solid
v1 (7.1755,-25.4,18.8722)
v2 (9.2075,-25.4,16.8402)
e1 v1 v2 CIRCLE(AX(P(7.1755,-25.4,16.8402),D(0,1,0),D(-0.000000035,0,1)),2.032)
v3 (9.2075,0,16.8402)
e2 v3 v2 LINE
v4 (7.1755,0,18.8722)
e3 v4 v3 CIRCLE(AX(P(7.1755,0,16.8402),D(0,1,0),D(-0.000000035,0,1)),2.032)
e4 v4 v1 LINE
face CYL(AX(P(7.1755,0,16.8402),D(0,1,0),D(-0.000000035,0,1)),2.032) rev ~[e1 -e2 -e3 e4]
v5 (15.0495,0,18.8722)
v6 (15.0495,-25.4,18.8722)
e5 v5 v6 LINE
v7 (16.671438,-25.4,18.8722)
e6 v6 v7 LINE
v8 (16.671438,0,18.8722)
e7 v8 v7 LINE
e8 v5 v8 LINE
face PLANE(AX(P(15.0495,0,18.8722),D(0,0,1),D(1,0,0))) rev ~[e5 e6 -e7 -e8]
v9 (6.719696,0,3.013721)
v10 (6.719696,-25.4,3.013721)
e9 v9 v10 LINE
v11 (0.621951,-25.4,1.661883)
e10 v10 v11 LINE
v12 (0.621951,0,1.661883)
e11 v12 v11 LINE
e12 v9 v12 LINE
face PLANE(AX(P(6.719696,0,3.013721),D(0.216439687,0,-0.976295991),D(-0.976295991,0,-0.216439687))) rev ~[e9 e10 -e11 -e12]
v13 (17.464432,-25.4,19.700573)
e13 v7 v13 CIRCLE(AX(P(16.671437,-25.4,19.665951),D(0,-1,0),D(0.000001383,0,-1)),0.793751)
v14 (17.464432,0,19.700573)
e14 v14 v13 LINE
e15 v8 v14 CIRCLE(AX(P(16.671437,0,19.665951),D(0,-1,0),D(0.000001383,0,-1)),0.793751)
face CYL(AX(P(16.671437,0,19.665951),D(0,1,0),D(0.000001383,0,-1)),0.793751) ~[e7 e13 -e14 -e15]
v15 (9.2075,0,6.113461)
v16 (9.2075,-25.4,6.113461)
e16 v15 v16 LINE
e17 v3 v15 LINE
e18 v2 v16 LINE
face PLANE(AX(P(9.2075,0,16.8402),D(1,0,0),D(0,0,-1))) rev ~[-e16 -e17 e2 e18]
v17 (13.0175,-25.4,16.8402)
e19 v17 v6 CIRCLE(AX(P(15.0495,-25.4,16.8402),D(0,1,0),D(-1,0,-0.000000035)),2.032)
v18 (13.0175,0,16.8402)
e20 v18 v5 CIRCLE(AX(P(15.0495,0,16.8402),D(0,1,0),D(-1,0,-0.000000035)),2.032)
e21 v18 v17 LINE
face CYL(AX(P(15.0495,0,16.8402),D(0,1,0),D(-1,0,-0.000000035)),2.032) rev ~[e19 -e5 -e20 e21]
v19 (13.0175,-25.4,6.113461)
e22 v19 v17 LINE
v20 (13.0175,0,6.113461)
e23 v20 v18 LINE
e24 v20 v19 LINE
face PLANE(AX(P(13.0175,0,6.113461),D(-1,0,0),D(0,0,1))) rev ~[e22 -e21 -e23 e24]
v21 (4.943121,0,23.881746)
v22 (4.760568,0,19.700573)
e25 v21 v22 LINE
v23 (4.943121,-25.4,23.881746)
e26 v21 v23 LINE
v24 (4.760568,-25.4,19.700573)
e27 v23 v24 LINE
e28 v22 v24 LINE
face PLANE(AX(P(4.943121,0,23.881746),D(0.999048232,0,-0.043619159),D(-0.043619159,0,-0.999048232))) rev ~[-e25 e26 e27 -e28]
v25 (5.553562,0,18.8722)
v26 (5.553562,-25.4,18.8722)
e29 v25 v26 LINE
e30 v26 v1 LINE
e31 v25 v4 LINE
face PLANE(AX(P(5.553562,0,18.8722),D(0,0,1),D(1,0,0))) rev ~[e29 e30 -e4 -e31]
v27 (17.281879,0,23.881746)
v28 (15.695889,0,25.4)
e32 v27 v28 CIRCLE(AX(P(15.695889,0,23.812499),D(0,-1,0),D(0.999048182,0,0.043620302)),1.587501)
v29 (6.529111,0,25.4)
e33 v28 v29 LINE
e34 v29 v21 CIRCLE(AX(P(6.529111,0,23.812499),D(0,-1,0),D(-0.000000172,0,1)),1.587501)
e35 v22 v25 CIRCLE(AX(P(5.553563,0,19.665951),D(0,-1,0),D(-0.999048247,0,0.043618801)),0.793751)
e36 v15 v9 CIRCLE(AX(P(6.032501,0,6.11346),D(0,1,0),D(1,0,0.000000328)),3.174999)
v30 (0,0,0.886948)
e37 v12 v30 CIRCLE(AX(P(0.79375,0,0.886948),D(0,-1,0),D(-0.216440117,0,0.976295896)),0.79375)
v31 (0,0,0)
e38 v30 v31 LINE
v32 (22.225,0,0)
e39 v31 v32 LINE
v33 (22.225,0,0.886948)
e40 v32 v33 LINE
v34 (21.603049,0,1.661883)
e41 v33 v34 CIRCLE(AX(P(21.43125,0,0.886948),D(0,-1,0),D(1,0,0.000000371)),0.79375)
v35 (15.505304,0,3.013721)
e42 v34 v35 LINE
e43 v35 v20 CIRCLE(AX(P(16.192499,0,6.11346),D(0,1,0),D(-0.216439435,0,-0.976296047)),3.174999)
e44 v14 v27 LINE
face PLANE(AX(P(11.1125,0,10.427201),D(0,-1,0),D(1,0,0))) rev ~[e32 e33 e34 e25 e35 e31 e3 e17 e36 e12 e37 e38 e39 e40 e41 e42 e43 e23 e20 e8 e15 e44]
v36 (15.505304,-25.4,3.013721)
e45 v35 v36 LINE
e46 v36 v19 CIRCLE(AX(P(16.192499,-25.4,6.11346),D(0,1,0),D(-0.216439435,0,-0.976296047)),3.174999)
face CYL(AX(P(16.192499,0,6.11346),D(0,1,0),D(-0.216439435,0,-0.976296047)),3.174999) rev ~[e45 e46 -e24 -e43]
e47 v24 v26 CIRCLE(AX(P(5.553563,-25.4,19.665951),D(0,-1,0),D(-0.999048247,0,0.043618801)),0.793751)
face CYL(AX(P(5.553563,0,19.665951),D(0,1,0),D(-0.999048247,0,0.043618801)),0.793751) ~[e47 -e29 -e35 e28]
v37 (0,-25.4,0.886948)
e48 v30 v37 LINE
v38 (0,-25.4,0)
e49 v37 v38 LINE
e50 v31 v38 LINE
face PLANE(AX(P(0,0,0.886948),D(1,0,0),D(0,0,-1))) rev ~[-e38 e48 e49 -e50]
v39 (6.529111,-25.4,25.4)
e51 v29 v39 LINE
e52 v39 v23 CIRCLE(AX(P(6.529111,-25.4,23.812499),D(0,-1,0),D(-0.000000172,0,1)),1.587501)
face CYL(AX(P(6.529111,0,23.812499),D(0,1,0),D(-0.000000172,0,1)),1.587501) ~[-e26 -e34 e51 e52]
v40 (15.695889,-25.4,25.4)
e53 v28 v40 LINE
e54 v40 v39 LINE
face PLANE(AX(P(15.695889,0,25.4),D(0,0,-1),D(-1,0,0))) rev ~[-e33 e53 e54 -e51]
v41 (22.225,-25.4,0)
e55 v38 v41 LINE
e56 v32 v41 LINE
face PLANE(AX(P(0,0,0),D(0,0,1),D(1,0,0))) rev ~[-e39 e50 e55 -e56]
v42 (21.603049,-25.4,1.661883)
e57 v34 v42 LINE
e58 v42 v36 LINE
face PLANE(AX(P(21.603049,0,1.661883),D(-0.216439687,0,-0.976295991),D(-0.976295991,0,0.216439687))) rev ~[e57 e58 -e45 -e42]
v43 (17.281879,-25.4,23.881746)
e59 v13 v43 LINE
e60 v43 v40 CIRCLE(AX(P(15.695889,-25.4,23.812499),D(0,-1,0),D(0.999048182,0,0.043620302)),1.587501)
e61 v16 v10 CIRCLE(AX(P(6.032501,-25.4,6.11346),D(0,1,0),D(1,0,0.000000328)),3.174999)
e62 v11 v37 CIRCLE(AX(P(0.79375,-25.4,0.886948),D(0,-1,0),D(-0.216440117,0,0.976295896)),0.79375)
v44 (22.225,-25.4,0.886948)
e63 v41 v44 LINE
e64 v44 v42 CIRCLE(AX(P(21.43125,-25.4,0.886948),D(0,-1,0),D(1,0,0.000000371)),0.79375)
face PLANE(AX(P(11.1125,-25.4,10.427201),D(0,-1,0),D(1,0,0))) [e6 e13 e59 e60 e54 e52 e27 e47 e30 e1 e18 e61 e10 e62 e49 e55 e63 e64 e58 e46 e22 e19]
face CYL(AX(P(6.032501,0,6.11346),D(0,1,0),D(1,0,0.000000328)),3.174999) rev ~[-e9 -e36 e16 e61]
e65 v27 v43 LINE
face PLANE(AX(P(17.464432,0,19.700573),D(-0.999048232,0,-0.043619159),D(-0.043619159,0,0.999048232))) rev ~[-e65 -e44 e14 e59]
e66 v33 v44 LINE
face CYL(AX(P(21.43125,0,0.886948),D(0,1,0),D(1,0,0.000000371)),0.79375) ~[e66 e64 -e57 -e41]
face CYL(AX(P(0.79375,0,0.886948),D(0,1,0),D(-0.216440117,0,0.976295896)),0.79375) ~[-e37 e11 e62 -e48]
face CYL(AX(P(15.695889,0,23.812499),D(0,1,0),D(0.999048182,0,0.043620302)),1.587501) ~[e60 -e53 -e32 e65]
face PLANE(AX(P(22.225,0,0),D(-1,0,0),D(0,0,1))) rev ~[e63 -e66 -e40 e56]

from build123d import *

# Parameters (mm, degrees)
F1_DEPTH = 25.4


with BuildPart() as f1:
    # F0 (on Front) → F1 (new body)
    with BuildSketch(Plane.XZ):
        with BuildLine():
            Line((0, 0.886948), (0, 0))
            Line((0, 0), (22.225, 0))
            Line((22.225, 0), (22.225, 0.886948))
            ThreePointArc((22.225, 0.886948), (22.050283, 1.383775), (21.603049, 1.661883))
            Line((21.603049, 1.661883), (15.505304, 3.013721))
            ThreePointArc((15.505304, 3.013721), (13.716367, 4.126153), (13.0175, 6.113461))
            Line((13.0175, 6.113461), (13.0175, 16.8402))
            ThreePointArc((13.0175, 16.8402), (13.612659, 18.277041), (15.0495, 18.8722))
            Line((15.0495, 18.8722), (16.671438, 18.8722))
            ThreePointArc((16.671438, 18.8722), (17.244814, 19.117062), (17.464432, 19.700573))
            Line((17.464432, 19.700573), (17.281879, 23.881746))
            ThreePointArc((17.281879, 23.881746), (16.793666, 24.959253), (15.695889, 25.4))
            Line((15.695889, 25.4), (6.529111, 25.4))
            ThreePointArc((6.529111, 25.4), (5.431334, 24.959253), (4.943121, 23.881746))
            Line((4.943121, 23.881746), (4.760568, 19.700573))
            ThreePointArc((4.760568, 19.700573), (4.980186, 19.117062), (5.553562, 18.8722))
            Line((5.553562, 18.8722), (7.1755, 18.8722))
            ThreePointArc((7.1755, 18.8722), (8.612341, 18.277041), (9.2075, 16.8402))
            Line((9.2075, 16.8402), (9.2075, 6.113461))
            ThreePointArc((9.2075, 6.113461), (8.508633, 4.126153), (6.719696, 3.013721))
            Line((6.719696, 3.013721), (0.621951, 1.661883))
            ThreePointArc((0.621951, 1.661883), (0.174717, 1.383775), (0, 0.886948))
        make_face()
    extrude(amount=F1_DEPTH)


solid = f1.part
